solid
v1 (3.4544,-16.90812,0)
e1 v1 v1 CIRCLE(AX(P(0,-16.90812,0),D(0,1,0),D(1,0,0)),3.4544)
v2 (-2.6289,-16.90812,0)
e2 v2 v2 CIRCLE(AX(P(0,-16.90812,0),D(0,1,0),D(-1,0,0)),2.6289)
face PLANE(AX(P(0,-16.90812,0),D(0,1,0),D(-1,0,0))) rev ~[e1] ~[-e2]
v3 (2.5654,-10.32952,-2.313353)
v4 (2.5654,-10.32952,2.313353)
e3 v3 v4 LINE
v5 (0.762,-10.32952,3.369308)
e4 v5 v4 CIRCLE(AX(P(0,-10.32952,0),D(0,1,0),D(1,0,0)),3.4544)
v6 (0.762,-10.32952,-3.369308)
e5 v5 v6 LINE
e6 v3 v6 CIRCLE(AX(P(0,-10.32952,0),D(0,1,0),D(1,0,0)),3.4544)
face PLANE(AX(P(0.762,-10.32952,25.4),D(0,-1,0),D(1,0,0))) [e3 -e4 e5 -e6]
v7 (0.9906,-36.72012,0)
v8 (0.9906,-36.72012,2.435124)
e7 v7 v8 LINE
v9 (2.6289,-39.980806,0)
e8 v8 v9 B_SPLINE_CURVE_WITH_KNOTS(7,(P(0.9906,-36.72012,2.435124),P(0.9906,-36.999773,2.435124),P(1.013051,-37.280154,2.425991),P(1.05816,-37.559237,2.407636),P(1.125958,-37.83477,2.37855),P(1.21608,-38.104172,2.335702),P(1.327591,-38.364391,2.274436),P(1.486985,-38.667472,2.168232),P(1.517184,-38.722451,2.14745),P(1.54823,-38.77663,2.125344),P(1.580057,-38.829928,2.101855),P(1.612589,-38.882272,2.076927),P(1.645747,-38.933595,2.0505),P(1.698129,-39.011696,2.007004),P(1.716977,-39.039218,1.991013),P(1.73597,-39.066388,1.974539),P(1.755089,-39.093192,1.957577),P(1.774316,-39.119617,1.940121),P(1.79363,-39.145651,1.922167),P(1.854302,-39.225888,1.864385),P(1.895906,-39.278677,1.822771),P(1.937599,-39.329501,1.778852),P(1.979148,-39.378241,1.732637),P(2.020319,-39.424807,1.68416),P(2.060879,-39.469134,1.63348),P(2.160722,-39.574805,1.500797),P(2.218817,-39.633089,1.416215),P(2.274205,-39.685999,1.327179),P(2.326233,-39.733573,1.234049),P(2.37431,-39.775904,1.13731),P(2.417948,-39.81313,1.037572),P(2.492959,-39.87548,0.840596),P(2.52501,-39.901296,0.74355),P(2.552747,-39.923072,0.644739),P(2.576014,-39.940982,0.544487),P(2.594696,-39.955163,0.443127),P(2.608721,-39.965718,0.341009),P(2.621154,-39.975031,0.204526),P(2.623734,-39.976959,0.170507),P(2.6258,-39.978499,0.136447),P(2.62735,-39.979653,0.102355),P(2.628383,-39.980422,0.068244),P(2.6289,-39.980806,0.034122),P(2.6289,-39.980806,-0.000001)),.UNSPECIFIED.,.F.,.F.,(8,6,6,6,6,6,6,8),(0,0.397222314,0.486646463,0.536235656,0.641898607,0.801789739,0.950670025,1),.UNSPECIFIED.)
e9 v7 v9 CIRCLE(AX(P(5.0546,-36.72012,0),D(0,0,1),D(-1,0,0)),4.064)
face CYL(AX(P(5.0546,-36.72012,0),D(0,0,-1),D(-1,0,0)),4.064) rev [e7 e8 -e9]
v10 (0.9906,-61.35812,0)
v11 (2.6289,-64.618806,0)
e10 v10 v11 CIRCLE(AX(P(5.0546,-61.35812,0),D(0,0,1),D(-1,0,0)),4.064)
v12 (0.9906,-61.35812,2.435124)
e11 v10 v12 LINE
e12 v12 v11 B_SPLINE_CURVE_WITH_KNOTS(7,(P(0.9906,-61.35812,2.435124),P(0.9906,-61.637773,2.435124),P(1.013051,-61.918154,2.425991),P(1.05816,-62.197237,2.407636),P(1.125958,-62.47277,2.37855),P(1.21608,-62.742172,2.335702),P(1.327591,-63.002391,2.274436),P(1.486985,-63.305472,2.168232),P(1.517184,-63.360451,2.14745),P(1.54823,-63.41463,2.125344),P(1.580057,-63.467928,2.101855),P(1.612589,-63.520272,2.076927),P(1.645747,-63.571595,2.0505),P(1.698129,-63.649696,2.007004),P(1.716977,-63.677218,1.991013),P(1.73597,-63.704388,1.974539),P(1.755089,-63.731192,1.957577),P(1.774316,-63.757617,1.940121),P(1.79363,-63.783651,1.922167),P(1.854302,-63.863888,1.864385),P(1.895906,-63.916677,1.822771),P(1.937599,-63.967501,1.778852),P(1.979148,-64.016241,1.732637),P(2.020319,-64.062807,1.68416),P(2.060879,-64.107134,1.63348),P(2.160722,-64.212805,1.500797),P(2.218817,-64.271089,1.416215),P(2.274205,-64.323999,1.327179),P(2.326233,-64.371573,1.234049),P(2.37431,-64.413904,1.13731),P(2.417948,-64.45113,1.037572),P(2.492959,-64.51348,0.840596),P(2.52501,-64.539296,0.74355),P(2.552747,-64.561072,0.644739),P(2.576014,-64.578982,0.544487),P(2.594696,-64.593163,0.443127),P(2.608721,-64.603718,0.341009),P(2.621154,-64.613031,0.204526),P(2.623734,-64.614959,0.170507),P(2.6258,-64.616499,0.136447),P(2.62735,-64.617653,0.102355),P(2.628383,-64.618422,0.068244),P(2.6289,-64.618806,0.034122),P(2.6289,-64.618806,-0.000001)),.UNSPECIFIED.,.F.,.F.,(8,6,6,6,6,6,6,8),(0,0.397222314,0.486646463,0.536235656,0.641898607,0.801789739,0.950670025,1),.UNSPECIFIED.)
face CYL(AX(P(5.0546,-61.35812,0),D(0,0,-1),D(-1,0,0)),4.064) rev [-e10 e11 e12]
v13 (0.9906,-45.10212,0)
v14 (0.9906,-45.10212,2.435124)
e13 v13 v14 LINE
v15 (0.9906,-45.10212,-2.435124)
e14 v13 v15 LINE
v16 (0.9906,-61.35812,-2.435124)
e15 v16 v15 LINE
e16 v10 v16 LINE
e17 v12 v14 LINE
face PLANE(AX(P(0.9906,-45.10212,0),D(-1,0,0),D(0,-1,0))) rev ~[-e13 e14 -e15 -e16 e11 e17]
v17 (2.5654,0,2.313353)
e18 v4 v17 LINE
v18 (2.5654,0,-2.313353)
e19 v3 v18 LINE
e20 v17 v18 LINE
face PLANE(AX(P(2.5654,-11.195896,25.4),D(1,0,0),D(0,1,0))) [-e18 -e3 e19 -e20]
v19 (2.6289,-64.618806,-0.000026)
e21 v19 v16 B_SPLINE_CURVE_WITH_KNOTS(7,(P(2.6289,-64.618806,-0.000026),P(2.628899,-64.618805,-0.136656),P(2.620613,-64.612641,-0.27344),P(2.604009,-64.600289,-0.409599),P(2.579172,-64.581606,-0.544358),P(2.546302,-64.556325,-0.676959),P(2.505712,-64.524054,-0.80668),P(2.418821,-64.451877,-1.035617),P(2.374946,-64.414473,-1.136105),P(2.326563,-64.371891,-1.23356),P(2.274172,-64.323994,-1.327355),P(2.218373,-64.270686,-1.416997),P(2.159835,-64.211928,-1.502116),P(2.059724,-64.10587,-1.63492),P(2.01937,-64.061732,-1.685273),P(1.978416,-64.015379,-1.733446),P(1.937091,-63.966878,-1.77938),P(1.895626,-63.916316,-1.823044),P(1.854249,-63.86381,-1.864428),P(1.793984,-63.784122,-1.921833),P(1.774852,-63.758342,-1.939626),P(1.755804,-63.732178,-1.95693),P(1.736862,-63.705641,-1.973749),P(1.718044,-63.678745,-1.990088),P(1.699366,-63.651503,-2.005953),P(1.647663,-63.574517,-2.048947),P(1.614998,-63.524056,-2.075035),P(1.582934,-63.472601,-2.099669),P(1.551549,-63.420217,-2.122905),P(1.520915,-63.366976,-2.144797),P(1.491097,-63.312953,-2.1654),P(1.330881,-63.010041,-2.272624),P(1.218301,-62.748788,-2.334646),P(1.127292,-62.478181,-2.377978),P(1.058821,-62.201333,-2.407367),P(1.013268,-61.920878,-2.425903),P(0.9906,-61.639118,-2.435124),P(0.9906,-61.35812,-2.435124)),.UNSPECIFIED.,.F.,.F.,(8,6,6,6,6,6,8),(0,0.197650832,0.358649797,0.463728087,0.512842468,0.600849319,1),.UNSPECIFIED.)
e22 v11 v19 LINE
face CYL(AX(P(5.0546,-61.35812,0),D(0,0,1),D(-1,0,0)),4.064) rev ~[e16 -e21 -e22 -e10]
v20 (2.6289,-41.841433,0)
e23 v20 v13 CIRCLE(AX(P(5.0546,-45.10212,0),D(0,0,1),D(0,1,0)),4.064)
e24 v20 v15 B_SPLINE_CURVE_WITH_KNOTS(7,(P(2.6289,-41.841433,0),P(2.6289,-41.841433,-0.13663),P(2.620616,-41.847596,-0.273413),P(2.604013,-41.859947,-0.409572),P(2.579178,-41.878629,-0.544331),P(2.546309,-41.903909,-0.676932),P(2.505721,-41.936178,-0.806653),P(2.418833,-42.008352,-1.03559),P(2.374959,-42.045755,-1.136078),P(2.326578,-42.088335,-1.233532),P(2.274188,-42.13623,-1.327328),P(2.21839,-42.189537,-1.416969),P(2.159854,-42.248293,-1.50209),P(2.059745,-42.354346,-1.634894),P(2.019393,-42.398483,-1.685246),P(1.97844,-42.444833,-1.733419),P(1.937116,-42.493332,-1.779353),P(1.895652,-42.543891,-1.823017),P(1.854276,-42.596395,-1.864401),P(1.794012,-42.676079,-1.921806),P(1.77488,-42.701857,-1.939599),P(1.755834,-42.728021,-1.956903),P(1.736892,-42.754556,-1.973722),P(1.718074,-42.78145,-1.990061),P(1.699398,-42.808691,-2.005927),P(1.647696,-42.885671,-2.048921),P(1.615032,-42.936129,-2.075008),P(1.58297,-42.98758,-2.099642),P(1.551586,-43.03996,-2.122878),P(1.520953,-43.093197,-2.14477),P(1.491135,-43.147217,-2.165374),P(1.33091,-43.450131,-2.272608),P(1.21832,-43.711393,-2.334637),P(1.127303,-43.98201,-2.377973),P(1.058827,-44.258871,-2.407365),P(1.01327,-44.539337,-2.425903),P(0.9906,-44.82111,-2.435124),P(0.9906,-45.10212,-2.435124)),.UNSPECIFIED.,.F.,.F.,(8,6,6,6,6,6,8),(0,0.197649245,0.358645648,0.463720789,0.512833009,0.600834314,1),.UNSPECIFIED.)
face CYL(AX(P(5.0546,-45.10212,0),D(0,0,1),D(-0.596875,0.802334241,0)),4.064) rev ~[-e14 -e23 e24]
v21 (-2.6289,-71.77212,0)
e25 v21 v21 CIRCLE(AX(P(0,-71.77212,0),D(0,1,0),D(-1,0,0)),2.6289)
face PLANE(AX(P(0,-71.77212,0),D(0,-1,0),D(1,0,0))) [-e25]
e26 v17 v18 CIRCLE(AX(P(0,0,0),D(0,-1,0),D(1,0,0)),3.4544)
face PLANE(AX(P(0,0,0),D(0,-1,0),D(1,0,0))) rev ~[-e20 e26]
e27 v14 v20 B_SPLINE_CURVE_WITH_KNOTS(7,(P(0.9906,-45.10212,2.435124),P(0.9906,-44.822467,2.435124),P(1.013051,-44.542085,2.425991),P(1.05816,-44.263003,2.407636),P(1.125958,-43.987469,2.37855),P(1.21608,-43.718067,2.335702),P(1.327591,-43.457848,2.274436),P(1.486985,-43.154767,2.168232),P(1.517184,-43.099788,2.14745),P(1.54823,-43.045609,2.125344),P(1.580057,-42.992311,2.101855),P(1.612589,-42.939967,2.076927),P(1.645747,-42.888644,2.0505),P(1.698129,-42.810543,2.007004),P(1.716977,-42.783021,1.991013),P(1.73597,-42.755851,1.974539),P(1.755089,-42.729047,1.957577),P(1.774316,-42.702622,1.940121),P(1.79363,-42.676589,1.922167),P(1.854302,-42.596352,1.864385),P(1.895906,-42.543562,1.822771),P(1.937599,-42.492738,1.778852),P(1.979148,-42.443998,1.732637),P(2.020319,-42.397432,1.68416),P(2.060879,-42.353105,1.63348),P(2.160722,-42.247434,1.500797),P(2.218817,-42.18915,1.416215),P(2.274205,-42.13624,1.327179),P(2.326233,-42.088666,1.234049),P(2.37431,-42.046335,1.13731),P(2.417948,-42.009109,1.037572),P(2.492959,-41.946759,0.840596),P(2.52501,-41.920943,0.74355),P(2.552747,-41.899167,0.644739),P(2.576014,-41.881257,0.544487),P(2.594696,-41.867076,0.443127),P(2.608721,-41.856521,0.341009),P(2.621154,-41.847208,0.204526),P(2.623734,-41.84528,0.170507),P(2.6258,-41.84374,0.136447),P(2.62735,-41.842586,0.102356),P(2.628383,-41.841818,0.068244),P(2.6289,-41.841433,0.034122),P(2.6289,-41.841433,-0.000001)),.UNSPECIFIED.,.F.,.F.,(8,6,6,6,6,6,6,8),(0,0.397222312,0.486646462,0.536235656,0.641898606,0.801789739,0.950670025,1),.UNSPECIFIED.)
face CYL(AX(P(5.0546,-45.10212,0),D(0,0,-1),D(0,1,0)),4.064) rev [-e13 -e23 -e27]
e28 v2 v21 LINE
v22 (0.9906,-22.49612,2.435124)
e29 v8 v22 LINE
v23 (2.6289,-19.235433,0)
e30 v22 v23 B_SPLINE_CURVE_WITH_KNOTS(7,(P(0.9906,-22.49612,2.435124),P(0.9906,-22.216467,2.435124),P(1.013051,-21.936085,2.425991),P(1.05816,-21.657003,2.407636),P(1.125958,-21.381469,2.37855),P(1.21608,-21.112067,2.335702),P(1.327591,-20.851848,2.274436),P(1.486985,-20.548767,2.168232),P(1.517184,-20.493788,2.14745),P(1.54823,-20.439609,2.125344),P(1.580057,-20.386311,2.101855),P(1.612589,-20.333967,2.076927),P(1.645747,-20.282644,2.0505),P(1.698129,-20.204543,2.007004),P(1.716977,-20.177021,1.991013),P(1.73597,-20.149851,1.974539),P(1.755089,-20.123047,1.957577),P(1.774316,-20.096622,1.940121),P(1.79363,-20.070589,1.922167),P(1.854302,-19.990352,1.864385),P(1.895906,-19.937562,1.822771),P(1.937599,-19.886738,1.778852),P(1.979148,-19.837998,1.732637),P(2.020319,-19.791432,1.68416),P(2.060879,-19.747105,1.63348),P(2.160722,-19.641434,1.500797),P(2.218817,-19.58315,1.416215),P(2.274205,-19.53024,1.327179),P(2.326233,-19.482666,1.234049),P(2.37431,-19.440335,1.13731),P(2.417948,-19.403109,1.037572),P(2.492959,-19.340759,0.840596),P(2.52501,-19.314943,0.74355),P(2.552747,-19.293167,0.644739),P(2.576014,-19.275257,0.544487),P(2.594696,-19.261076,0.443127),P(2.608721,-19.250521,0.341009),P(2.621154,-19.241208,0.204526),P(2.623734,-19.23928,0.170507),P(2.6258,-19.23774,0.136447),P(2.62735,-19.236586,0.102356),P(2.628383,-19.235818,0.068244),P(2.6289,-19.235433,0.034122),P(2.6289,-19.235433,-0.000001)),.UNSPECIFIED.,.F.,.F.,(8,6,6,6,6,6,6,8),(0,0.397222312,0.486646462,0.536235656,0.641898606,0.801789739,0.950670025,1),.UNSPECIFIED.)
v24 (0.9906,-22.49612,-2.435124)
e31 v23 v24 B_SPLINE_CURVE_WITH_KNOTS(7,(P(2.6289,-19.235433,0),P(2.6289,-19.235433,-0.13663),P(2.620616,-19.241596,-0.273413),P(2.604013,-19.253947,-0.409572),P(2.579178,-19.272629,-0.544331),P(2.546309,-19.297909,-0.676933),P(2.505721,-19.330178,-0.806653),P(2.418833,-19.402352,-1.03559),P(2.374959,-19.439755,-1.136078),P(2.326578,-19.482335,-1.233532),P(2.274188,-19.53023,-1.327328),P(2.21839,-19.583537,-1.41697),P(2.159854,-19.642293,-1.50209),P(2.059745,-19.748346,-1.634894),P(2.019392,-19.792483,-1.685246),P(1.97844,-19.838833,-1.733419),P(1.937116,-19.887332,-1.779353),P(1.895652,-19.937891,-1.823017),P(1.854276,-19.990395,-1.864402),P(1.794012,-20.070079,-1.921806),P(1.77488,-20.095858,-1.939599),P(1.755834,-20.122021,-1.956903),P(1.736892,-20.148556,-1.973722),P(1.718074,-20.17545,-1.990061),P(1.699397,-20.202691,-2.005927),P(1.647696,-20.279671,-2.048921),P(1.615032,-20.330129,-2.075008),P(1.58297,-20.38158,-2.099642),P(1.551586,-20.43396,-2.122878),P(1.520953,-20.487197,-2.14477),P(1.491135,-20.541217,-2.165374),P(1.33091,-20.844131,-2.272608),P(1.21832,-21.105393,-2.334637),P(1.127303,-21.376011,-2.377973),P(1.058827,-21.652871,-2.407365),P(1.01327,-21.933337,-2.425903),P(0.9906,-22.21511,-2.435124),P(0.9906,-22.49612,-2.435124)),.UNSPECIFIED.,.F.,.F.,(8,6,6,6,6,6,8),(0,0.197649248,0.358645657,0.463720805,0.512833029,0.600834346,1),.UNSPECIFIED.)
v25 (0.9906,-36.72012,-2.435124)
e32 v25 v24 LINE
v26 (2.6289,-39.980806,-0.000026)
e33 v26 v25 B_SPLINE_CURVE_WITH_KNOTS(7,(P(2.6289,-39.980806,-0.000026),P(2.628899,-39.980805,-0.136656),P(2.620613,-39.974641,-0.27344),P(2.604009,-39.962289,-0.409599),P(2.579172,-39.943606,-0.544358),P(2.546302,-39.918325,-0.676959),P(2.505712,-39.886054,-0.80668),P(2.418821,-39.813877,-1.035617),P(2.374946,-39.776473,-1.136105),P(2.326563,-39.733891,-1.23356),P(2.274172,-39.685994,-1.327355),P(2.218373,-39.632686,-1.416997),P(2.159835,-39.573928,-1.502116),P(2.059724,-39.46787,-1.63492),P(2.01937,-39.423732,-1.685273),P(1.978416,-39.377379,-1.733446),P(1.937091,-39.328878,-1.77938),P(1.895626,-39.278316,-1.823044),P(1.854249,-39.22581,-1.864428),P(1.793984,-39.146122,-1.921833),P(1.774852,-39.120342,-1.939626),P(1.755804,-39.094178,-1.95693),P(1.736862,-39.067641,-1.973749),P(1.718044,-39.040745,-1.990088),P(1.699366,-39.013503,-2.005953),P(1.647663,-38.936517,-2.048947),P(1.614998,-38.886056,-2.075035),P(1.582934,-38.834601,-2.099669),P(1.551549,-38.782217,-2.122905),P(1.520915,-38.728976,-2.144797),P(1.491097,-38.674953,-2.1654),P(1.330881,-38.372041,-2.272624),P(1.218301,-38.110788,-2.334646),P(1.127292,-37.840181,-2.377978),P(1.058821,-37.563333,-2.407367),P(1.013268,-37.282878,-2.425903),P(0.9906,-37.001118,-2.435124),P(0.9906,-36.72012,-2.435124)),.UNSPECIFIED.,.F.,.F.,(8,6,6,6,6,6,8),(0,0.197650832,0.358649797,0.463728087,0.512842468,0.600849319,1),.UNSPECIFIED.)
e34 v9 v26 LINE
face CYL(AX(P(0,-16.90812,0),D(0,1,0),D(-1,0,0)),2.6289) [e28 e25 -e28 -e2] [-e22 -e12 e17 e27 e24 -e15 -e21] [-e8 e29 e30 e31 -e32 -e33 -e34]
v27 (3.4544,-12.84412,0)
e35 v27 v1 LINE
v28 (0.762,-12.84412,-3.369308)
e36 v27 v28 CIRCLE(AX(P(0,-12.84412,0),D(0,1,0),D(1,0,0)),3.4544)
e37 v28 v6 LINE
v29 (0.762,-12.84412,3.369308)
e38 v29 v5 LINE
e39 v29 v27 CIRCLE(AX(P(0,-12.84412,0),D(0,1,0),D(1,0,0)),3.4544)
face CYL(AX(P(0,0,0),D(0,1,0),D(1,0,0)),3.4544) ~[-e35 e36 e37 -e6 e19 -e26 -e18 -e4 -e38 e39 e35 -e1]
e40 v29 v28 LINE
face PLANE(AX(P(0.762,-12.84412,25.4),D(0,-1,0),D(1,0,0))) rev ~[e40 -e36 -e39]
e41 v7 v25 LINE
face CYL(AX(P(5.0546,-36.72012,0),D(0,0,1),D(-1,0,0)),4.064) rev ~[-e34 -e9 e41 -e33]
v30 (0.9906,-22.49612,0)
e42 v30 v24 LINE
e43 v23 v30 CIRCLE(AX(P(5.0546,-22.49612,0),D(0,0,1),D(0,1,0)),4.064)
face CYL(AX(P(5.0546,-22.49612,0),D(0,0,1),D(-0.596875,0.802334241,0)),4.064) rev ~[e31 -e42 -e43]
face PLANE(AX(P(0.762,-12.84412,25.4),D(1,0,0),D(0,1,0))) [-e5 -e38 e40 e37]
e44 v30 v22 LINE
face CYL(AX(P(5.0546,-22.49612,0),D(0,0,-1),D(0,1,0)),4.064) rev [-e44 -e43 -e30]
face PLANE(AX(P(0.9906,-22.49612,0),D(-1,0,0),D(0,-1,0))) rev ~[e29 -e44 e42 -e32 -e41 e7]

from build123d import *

# Parameters (mm, degrees)
F0_R      = 3.4544
F1_DEPTH  = 71.7721196
F3_W      = 4.8468357233
F3_H      = 2.5146
F4_DEPTH  = 39.878
F5_W      = 2.9651967107
F5_H      = 11.1958960486
F6_DEPTH  = 56.642
F8_R      = 3.4544
F8_R_2    = 2.6289
F9_DEPTH  = 58.42
F11_DEPTH = 25.4
F13_DEPTH = 25.4
F15_DEPTH = 25.4


with BuildPart() as f1:
    # F0 (on Front) → F1 (new body)
    with BuildSketch(Plane.XZ):
        Circle(F0_R)
    extrude(amount=F1_DEPTH)

    # F3 (on offset) → F4 (cut)
    with BuildSketch(Plane.XY.offset(25.4)):
        with Locations((3.1854178616, -11.5868196)):
            Rectangle(F3_W, F3_H)
    extrude(amount=-F4_DEPTH, mode=Mode.SUBTRACT)

    # F5 (on offset) → F6 (cut)
    with BuildSketch(Plane.XY.offset(25.4)):
        with Locations((4.0479983554, -5.5979480243)):
            Rectangle(F5_W, F5_H)
    extrude(amount=-F6_DEPTH, mode=Mode.SUBTRACT)

    # F8 (on offset) → F9 (cut)
    with BuildSketch(Plane(origin=(0, -16.9081196, 0), x_dir=(-1, 0, 0), z_dir=(0, 1, 0))):
        Circle(F8_R)
        Circle(F8_R_2, mode=Mode.SUBTRACT)
    extrude(amount=-F9_DEPTH, mode=Mode.SUBTRACT)

    # F10 (on Top) → F11 (cut)
    with BuildSketch(Plane.XY):
        with BuildLine():
            ThreePointArc((5.0546, -41.0381196), (2.1809180413, -42.2284376413), (0.9906, -45.1021196))
            Line((0.9906, -45.1021196), (0.9906, -61.3581196))
            ThreePointArc((0.9906, -61.3581196), (2.1809180413, -64.2318015587), (5.0546, -65.4221196))
            Line((5.0546, -65.4221196), (5.0546, -41.0381196))
        make_face()
        with BuildLine():
            Line((5.0546, -40.7841196), (5.0546, -18.4321196))
            ThreePointArc((5.0546, -18.4321196), (2.1809180413, -19.6224376413), (0.9906, -22.4961196))
            Line((0.9906, -22.4961196), (0.9906, -36.7201196))
            ThreePointArc((0.9906, -36.7201196), (2.1809180413, -39.5938015587), (5.0546, -40.7841196))
        make_face()
    extrude(amount=F11_DEPTH, mode=Mode.SUBTRACT)

    # F12 (on face) → F13 (cut)
    with BuildSketch(Plane.XY):
        with BuildLine():
            ThreePointArc((2.6289, -41.8414332443), (1.4231993887, -43.2775578444), (0.9906, -45.1021196))
            Line((0.9906, -45.1021196), (0.9906, -61.3581196))
            ThreePointArc((0.9906, -61.3581196), (1.4231993887, -63.1826813556), (2.6289, -64.6188059557))
            Line((2.6289, -64.6188059557), (2.6289, -41.8414332443))
        make_face()
    extrude(amount=-F13_DEPTH, mode=Mode.SUBTRACT)

    # F14 (on face) → F15 (cut)
    with BuildSketch(Plane.XY):
        with BuildLine():
            ThreePointArc((2.6289, -19.2354332443), (1.4231993887, -20.6715578444), (0.9906, -22.4961196))
            Line((0.9906, -22.4961196), (0.9906, -36.7201196))
            ThreePointArc((0.9906, -36.7201196), (1.4231993887, -38.5446813556), (2.6289, -39.9808059557))
            Line((2.6289, -39.9808059557), (2.6289, -19.2354332443))
        make_face()
    extrude(amount=-F15_DEPTH, mode=Mode.SUBTRACT)


solid = f1.part
